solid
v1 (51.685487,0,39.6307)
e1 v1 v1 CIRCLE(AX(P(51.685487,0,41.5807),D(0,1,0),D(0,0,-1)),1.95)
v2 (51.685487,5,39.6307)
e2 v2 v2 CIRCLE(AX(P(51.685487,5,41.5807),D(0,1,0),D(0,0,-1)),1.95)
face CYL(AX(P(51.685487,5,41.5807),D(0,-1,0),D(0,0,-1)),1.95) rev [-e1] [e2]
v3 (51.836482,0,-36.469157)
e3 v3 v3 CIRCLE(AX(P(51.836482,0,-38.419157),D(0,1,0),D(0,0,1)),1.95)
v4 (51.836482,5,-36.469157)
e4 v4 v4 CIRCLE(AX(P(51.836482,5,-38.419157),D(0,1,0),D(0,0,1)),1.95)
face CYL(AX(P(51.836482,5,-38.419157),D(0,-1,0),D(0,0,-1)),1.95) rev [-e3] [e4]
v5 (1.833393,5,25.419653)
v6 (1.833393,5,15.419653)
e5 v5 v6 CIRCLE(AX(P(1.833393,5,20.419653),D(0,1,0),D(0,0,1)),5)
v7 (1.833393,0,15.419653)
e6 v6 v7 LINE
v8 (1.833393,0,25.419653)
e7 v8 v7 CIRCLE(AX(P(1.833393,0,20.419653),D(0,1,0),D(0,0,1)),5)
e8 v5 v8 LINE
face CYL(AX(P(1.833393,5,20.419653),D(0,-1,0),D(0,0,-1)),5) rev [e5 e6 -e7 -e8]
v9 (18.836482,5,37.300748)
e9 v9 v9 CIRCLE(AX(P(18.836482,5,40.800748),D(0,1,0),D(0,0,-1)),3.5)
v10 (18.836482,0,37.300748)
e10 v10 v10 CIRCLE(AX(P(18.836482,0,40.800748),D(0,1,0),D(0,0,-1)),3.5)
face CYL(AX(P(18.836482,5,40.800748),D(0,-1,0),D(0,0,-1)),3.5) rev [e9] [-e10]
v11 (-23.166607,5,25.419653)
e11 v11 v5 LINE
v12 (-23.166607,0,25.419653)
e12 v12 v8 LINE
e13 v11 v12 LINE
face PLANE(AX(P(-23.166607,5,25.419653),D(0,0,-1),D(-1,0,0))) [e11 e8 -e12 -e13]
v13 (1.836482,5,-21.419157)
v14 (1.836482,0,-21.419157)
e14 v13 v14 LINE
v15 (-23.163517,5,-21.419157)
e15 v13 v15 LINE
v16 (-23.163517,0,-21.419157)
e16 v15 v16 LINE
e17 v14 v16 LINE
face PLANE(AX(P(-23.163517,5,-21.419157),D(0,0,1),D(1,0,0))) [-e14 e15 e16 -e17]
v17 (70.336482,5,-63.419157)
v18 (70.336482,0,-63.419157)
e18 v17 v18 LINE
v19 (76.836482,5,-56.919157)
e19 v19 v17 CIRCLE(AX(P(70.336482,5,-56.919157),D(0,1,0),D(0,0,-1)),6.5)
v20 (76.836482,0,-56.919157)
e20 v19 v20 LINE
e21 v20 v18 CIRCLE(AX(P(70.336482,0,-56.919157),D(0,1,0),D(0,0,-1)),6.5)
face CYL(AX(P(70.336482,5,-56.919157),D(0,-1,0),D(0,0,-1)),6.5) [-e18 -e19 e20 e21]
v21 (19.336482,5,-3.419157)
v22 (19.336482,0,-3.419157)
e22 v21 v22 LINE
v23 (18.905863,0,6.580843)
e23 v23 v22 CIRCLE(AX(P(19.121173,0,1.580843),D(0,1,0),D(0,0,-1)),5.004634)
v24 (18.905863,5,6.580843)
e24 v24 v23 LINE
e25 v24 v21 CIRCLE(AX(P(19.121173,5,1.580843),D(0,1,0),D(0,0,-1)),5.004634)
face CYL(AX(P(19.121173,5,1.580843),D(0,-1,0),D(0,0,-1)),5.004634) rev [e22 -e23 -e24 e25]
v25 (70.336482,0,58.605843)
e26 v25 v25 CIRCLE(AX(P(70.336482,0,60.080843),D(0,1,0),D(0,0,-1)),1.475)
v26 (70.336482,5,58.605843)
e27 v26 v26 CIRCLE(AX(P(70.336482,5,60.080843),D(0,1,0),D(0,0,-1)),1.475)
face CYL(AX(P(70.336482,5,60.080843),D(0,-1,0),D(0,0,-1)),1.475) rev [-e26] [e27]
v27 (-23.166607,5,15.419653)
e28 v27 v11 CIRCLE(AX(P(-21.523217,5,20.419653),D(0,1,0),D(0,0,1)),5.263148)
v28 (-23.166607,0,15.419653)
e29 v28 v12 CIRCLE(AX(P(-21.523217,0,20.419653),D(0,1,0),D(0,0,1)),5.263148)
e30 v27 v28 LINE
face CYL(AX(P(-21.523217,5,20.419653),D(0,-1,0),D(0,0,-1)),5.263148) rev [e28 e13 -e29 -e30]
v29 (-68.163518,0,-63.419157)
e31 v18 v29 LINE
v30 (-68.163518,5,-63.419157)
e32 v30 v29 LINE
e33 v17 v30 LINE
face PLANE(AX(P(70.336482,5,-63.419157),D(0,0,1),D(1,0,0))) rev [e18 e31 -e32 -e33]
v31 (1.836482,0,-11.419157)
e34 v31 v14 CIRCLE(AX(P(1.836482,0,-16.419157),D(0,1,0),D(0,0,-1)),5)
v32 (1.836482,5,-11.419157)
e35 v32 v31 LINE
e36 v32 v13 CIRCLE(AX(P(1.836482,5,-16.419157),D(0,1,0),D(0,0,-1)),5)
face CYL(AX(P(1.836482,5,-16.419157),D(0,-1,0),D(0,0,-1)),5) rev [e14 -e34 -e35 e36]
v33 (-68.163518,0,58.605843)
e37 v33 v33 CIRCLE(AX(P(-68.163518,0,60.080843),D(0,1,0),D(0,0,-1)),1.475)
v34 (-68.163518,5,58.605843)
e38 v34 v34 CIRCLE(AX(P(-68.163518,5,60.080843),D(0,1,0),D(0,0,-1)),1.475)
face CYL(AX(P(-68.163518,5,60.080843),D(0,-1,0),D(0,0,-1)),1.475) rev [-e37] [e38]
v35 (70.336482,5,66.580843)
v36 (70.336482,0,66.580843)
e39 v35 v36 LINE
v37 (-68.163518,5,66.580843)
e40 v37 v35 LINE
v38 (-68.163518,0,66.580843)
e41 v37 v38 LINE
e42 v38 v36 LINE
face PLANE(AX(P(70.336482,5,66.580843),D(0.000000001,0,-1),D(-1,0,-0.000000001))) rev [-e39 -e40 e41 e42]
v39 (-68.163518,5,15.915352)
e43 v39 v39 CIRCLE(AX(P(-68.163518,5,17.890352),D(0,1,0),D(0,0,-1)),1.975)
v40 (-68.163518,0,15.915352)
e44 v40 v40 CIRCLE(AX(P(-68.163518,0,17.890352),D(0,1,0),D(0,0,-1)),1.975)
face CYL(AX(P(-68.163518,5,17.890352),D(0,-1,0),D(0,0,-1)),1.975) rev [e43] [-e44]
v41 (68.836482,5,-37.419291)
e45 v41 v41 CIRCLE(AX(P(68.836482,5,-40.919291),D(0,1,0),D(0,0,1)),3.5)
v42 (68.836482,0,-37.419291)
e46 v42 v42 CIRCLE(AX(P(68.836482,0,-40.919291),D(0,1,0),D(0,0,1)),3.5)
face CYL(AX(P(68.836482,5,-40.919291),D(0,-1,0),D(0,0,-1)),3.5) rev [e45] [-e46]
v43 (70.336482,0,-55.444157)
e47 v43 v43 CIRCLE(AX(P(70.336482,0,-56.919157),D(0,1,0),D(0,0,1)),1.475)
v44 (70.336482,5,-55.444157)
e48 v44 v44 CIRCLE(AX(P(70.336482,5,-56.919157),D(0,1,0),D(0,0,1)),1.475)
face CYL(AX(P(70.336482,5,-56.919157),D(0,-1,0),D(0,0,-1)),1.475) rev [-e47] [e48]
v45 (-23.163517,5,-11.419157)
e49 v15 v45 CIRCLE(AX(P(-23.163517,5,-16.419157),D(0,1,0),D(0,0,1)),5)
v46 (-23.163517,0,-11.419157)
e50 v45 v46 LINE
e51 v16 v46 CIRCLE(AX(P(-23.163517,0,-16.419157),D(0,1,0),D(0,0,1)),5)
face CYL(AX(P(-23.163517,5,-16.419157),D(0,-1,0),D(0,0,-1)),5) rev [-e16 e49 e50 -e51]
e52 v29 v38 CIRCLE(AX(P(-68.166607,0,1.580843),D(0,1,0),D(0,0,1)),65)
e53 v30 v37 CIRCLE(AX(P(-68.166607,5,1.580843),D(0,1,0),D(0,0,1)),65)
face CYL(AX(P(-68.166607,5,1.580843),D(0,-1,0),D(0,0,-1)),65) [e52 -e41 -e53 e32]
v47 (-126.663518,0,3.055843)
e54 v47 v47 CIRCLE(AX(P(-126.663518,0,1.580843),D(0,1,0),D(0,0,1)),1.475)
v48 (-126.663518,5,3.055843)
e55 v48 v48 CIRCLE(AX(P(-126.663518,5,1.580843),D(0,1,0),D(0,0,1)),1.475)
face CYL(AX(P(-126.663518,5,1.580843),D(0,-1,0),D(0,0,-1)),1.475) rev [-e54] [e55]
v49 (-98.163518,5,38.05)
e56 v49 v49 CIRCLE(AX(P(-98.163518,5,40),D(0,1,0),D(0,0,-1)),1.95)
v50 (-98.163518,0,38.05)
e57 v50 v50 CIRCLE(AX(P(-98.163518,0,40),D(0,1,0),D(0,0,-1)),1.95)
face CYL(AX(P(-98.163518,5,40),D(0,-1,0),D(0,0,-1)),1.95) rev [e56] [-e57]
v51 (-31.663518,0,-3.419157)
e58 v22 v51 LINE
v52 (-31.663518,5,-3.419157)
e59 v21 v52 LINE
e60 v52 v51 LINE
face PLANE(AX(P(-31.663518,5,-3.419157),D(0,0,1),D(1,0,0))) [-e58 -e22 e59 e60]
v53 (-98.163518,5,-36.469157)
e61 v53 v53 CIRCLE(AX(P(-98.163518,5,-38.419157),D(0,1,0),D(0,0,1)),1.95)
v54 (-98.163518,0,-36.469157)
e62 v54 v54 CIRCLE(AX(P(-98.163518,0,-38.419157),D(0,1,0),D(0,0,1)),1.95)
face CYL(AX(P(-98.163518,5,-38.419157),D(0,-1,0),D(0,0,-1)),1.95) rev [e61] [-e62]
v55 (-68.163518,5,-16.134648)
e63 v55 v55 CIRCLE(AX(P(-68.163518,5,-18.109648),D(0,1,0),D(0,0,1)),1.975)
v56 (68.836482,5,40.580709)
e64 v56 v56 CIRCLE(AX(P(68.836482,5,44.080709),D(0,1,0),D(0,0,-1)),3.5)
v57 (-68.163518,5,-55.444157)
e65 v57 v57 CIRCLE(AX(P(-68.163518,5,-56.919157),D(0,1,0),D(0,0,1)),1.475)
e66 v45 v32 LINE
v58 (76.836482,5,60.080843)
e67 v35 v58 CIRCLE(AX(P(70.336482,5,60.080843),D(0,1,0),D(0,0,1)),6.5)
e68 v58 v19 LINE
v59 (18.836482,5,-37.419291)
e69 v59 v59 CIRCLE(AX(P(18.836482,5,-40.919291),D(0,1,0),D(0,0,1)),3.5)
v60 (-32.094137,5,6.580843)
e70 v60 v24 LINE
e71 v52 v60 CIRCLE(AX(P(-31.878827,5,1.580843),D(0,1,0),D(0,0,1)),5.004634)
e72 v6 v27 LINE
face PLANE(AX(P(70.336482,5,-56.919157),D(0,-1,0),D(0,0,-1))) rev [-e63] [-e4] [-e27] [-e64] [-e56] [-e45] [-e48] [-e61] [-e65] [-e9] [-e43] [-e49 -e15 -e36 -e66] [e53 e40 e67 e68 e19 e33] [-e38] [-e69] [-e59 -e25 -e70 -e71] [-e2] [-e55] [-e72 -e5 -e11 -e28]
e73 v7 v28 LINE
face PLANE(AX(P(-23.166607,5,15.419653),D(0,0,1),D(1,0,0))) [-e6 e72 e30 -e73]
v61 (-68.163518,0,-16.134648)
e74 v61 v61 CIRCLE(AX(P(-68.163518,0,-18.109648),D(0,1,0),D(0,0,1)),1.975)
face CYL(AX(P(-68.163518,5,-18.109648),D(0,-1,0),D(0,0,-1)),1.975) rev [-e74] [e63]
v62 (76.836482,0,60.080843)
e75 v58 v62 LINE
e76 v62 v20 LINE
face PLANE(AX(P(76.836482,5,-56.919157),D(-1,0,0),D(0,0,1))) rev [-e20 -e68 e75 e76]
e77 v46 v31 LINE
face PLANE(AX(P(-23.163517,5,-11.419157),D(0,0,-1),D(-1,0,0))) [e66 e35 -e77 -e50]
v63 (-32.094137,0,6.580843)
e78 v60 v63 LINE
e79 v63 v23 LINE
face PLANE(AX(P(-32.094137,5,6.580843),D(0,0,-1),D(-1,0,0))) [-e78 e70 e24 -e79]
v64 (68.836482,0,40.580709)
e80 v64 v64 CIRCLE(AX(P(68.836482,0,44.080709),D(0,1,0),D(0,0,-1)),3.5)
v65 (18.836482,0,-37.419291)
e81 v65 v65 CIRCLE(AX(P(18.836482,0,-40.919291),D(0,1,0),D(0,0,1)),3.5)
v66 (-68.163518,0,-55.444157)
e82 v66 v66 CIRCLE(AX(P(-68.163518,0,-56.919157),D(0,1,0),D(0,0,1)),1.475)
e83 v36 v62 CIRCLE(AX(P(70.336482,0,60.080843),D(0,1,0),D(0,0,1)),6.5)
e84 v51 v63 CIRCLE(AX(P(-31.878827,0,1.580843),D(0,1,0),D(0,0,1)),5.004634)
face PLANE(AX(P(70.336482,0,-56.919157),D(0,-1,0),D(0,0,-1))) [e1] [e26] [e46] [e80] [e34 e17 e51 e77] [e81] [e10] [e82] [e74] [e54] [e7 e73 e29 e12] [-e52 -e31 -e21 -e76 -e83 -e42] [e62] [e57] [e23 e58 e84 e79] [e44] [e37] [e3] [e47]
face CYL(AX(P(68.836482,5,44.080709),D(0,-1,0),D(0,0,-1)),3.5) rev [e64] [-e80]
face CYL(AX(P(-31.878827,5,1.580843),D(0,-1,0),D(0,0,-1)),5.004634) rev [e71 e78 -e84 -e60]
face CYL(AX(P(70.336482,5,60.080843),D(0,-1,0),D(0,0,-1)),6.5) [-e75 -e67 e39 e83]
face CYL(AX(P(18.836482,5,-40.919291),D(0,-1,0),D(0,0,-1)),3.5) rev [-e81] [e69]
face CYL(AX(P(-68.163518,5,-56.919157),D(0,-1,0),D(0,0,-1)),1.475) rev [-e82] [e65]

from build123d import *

# Parameters (mm, degrees)
SKETCH1_R           = 3.5
SKETCH1_R_2         = 1.95
SKETCH1_R_3         = 1.475
SKETCH1_R_4         = 1.975
BOSS_EXTRUDE2_DEPTH = 5


with BuildPart() as part:
    # Sketch1 → Boss-Extrude2 (new body)
    with BuildSketch(Plane(origin=(0, 0, 0), x_dir=(1, 0, 0), z_dir=(0, 1, 0))):
        with BuildLine():
            Line((76.836482479, 56.919157308), (76.836482479, -60.080842545))
            ThreePointArc((76.836482479, -60.080842545), (74.932676609, -64.677036718), (70.336482479, -66.580842692))
            Line((70.336482479, -66.580842692), (-68.163517521, -66.580842545))
            ThreePointArc((-68.163517521, -66.580842545), (-133.166606879, -1.580842619), (-68.163517521, 63.419157308))
            Line((-68.163517521, 63.419157308), (70.336482479, 63.419157308))
            ThreePointArc((70.336482479, 63.419157308), (74.932676557, 61.515351386), (76.836482479, 56.919157308))
        make_face()
        with Locations(Location((18.836482479, 40.919291459, 0), (0, 0, 270))):
            Circle(SKETCH1_R, mode=Mode.SUBTRACT)
        with Locations(Location((51.836482479, 38.419157308, 0), (0, 0, 270))):
            Circle(SKETCH1_R_2, mode=Mode.SUBTRACT)
        with Locations(Location((68.836482479, 40.919291459, 0), (0, 0, 270))):
            Circle(SKETCH1_R, mode=Mode.SUBTRACT)
        with Locations(Location((70.336482479, 56.919157308, 0), (0, 0, 270))):
            Circle(SKETCH1_R_3, mode=Mode.SUBTRACT)
        with Locations(Location((18.836482479, -40.800748124, 0), (0, 0, 90))):
            Circle(SKETCH1_R, mode=Mode.SUBTRACT)
        with Locations(Location((70.336482479, -60.080842692, 0), (0, 0, 90))):
            Circle(SKETCH1_R_3, mode=Mode.SUBTRACT)
        with Locations(Location((51.685487167, -41.580700194, 0), (0, 0, 90))):
            Circle(SKETCH1_R_2, mode=Mode.SUBTRACT)
        with Locations(Location((68.836482479, -44.080708541, 0), (0, 0, 90))):
            Circle(SKETCH1_R, mode=Mode.SUBTRACT)
        with Locations(Location((-68.163517521, 56.919157308, 0), (0, 0, 270))):
            Circle(SKETCH1_R_3, mode=Mode.SUBTRACT)
        with Locations(Location((-98.163517521, 38.419157308, 0), (0, 0, 270))):
            Circle(SKETCH1_R_2, mode=Mode.SUBTRACT)
        with Locations(Location((-68.163517521, 18.109648094, 0), (0, 0, 270))):
            Circle(SKETCH1_R_4, mode=Mode.SUBTRACT)
        with Locations(Location((-68.163517521, -17.890351906, 0), (0, 0, 90))):
            Circle(SKETCH1_R_4, mode=Mode.SUBTRACT)
        with Locations(Location((-98.163517521, -40.000000036, 0), (0, 0, 90))):
            Circle(SKETCH1_R_2, mode=Mode.SUBTRACT)
        with Locations(Location((-68.163517521, -60.080842545, 0), (0, 0, 90))):
            Circle(SKETCH1_R_3, mode=Mode.SUBTRACT)
        with Locations(Location((-126.663517521, -1.580842619, 0), (0, 0, 270))):
            Circle(SKETCH1_R_3, mode=Mode.SUBTRACT)
        with BuildLine():
            Line((-31.663517521, 3.419157346), (19.336482479, 3.419157346))
            ThreePointArc((19.336482479, 3.419157346), (24.121172968, -1.796152166), (18.905863456, -6.580842654))
            Line((18.905863456, -6.580842654), (-32.094136544, -6.580842654))
            ThreePointArc((-32.094136544, -6.580842654), (-36.878827032, -1.365533142), (-31.663517521, 3.419157346))
        make_face(mode=Mode.SUBTRACT)
        with BuildLine():
            Line((-23.163517274, 21.419157346), (1.836482479, 21.419157346))
            ThreePointArc((1.836482479, 21.419157346), (6.836482479, 16.419157346), (1.836482479, 11.419157346))
            Line((1.836482479, 11.419157346), (-23.163517274, 11.419157346))
            ThreePointArc((-23.163517274, 11.419157346), (-28.163517274, 16.419157346), (-23.163517274, 21.419157346))
        make_face(mode=Mode.SUBTRACT)
        with BuildLine():
            Line((-23.166606879, -25.419653269), (1.833393121, -25.419653269))
            ThreePointArc((1.833393121, -25.419653269), (6.833393121, -20.419653269), (1.833393121, -15.419653269))
            Line((1.833393121, -15.419653269), (-23.166606879, -15.419653269))
            ThreePointArc((-23.166606879, -15.419653269), (-26.786365539, -20.419653269), (-23.166606879, -25.419653269))
        make_face(mode=Mode.SUBTRACT)
    extrude(amount=BOSS_EXTRUDE2_DEPTH)


solid = part.part
